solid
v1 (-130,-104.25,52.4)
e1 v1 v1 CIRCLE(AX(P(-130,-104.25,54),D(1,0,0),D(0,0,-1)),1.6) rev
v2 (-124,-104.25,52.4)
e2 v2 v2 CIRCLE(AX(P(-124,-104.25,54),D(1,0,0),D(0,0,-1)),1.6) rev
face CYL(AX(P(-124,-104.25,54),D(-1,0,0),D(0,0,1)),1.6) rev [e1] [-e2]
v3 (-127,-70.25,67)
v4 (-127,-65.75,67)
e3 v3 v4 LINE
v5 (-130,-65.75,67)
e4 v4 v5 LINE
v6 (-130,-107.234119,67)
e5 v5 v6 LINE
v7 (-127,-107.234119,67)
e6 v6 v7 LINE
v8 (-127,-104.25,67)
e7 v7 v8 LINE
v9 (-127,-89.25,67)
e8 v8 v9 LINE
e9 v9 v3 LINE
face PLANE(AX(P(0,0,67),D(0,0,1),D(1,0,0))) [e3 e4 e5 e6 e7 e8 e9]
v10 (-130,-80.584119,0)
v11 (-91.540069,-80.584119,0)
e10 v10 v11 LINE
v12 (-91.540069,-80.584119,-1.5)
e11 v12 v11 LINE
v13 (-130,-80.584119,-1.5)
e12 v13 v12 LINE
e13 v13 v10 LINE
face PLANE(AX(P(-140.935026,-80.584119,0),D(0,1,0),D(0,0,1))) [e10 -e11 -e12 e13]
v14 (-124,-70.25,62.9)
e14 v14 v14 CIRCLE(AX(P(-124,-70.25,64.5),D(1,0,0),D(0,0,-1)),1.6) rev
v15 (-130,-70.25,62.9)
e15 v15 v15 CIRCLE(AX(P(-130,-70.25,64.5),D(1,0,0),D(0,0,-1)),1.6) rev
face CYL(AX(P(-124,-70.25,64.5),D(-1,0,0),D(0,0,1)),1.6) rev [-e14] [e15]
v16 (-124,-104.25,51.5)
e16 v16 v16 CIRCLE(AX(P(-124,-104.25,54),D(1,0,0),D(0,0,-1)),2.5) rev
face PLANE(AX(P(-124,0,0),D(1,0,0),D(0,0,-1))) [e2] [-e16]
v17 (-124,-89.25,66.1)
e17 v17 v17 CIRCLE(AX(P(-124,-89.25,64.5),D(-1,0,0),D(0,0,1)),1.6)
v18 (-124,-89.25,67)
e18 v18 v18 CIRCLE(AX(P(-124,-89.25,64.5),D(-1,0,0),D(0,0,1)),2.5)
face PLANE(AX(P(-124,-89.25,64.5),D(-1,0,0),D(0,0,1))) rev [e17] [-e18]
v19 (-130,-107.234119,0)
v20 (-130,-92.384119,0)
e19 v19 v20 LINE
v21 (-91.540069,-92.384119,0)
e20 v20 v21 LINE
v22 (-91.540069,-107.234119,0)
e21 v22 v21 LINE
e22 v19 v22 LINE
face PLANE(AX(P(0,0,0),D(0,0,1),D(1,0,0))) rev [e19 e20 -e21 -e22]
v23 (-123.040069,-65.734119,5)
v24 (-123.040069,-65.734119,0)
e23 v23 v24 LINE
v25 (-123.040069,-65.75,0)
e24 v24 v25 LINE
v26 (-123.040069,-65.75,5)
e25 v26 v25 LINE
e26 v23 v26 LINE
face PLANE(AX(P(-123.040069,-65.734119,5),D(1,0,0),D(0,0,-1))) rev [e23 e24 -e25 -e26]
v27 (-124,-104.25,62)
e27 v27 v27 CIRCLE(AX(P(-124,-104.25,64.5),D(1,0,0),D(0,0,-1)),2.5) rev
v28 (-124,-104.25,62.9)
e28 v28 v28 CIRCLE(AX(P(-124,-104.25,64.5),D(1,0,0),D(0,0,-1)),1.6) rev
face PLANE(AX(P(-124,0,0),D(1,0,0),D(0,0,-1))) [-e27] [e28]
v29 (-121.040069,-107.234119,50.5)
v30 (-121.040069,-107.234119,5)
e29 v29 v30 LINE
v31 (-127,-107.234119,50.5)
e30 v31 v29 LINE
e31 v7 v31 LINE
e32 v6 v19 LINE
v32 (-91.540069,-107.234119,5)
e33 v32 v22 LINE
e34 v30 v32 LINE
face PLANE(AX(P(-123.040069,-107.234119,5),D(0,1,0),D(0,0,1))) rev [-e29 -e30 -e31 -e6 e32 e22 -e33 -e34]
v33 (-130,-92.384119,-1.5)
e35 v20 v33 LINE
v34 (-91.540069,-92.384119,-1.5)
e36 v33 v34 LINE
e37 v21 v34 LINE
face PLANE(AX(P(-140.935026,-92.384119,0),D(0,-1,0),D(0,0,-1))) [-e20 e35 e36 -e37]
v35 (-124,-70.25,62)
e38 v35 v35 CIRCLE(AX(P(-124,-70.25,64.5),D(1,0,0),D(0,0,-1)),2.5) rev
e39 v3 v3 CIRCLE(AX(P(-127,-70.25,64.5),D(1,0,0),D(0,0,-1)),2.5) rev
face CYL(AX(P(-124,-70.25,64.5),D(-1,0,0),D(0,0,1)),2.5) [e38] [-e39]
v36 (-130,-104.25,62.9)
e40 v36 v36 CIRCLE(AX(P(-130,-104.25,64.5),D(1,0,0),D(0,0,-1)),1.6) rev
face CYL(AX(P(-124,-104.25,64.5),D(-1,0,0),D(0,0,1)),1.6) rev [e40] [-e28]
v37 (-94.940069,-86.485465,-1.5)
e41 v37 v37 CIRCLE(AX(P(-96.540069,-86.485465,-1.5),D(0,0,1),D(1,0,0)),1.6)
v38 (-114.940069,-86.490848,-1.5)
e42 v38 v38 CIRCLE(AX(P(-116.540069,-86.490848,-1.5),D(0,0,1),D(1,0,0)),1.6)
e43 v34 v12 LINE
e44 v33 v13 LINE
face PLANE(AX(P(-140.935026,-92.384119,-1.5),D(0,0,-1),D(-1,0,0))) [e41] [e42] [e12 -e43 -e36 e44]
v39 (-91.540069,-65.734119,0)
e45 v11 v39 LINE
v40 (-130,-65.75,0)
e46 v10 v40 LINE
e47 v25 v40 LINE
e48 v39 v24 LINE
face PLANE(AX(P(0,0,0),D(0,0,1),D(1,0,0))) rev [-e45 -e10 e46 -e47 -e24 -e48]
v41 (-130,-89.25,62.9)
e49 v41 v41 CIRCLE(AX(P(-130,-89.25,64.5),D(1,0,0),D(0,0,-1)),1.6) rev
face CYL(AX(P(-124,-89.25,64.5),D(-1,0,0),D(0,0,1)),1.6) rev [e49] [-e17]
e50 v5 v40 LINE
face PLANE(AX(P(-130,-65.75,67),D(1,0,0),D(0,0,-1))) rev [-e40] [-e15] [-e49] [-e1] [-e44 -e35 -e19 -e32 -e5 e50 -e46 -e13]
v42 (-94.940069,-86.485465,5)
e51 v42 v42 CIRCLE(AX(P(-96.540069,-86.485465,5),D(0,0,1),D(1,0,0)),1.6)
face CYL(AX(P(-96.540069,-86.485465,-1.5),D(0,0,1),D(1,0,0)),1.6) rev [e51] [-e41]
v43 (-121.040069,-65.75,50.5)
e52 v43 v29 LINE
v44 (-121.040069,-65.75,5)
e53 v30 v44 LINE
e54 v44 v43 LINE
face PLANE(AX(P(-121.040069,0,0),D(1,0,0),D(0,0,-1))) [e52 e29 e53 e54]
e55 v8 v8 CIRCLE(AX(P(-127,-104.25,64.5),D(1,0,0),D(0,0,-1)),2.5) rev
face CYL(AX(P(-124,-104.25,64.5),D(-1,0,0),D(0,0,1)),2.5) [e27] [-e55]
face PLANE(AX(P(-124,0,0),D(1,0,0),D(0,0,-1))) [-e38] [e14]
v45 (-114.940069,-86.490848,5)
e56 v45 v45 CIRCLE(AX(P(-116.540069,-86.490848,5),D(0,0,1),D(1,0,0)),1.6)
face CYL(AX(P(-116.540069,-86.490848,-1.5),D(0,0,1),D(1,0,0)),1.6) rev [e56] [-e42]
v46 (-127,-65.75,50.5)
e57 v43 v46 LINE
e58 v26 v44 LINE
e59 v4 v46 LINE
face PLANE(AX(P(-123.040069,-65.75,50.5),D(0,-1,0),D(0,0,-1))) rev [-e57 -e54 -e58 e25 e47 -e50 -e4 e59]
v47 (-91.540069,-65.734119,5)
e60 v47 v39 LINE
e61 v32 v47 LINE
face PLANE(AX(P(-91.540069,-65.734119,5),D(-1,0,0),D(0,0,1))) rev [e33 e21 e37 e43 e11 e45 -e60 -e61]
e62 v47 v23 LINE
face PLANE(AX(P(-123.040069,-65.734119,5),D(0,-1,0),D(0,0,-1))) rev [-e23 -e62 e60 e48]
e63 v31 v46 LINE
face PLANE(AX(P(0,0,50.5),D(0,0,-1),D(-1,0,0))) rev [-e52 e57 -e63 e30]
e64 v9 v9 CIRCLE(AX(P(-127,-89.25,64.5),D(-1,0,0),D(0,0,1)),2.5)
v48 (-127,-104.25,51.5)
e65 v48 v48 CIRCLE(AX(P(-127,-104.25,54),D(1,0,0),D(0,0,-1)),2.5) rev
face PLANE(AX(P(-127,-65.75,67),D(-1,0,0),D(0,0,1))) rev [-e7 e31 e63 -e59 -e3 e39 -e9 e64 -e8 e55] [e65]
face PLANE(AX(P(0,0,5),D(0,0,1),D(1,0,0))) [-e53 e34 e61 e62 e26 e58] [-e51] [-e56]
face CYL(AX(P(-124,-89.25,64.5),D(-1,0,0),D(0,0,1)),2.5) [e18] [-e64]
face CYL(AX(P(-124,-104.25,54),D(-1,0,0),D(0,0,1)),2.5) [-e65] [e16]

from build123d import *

# Parameters (mm, degrees)
SKETCH1_W               = 31.5
SKETCH1_H               = 41.5
BOSS_EXTRUDE1_DEPTH     = 5
SKETCH3_W               = 6
SKETCH3_H               = 41.48411863
BOSS_EXTRUDE3_DEPTH     = 50.5
SKETCH5_W               = 3
SKETCH5_H               = 41.48411863
BOSS_EXTRUDE4_DEPTH     = 16.5
SKETCH6_W               = 50.5
SKETCH6_H               = 41.48411863
BOSS_EXTRUDE6_DEPTH     = 2
SKETCH4_R               = 2.5
SKETCH4_R_2             = 1.6
BOSS_EXTRUDE7_DEPTH     = 3
SKETCH4_6_R             = 1.6
CUT_EXTRUDE1_DEPTH      = 4
CUT_EXTRUDE1_DEPTH_BACK = 36.459931403
SKETCH7_W               = 1.5
SKETCH7_H               = 11.8
BOSS_EXTRUDE8_DEPTH     = 37.5
SKETCH8_R               = 1.6
CUT_EXTRUDE2_DEPTH      = 7.5
BOSS_EXTRUDE9_DEPTH     = 0.959931


with BuildPart() as part:
    # Sketch1 → Boss-Extrude1 (new body)
    with BuildSketch(Plane.XY):
        with Locations((-107.290068597, -86.48411863)):
            Rectangle(SKETCH1_W, SKETCH1_H)
    extrude(amount=BOSS_EXTRUDE1_DEPTH)

    # Sketch3 → Boss-Extrude3 (add)
    with BuildSketch(Plane.XY):
        with Locations((-126.040068597, -86.492059315)):
            Rectangle(SKETCH3_W, SKETCH3_H)
    extrude(amount=BOSS_EXTRUDE3_DEPTH)

    # Sketch5 → Boss-Extrude4 (add)
    with BuildSketch(Plane.XY.offset(50.5)):
        with Locations((-128.5, -86.492059315)):
            Rectangle(SKETCH5_W, SKETCH5_H)
    extrude(amount=BOSS_EXTRUDE4_DEPTH)

    # Sketch6 → Boss-Extrude6 (add)
    with BuildSketch(Plane(origin=(-123.040068597, 0, 0), x_dir=(0, 0, -1), z_dir=(1, 0, 0))):
        with Locations((-25.25, -86.492059315)):
            Rectangle(SKETCH6_W, SKETCH6_H)
    extrude(amount=BOSS_EXTRUDE6_DEPTH)

    # Sketch4 → Boss-Extrude7 (add)
    with BuildSketch(Plane.ZY.offset(127)):
        with Locations((54, -104.25)):
            Circle(SKETCH4_R)
        with Locations((54, -104.25)):
            Circle(SKETCH4_R_2, mode=Mode.SUBTRACT)
        with Locations((64.5, -104.25)):
            Circle(SKETCH4_R)
        with Locations((64.5, -104.25)):
            Circle(SKETCH4_R_2, mode=Mode.SUBTRACT)
        with Locations((64.5, -89.25)):
            Circle(SKETCH4_R)
        with Locations((64.5, -89.25)):
            Circle(SKETCH4_R_2, mode=Mode.SUBTRACT)
        with Locations((64.5, -70.25)):
            Circle(SKETCH4_R)
        with Locations((64.5, -70.25)):
            Circle(SKETCH4_R_2, mode=Mode.SUBTRACT)
    extrude(amount=-BOSS_EXTRUDE7_DEPTH)

    # Sketch4<6> → Cut-Extrude1 (cut, two sides)
    with BuildSketch(Plane.ZY.offset(127)) as cut_extrude1_sk:
        with Locations((64.5, -104.25)):
            Circle(SKETCH4_6_R)
        with Locations((64.5, -89.25)):
            Circle(SKETCH4_6_R)
        with Locations((64.5, -70.25)):
            Circle(SKETCH4_6_R)
        with Locations((54, -104.25)):
            Circle(SKETCH4_6_R)
    extrude(amount=CUT_EXTRUDE1_DEPTH, mode=Mode.SUBTRACT)
    extrude(cut_extrude1_sk.sketch, amount=-CUT_EXTRUDE1_DEPTH_BACK, mode=Mode.SUBTRACT)

    # Sketch7 → Boss-Extrude8 (add)
    with BuildSketch(Plane(origin=(-91.540068597, 0, 0), x_dir=(0, 0, -1), z_dir=(1, 0, 0))):
        with Locations((0.75, -86.48411863)):
            Rectangle(SKETCH7_W, SKETCH7_H)
    extrude(amount=-BOSS_EXTRUDE8_DEPTH)

    # Sketch8 → Cut-Extrude2 (cut, through all)
    with BuildSketch(Plane.XY.offset(5)):
        with Locations((-116.540068597, -86.490848024)):
            Circle(SKETCH8_R)
        with Locations((-96.540068597, -86.485464509)):
            Circle(SKETCH8_R)
    extrude(amount=-CUT_EXTRUDE2_DEPTH, mode=Mode.SUBTRACT)

    # Sketch9 → Boss-Extrude9 (add)
    with BuildSketch(Plane.ZY.offset(129.040068597)):
        Polygon((50.5, -65.75), (0, -65.75), (0, -80.58411863), (-1.5, -80.58411863), (-1.5, -92.38411863), (0, -92.38411863), (0, -107.23411863), (50.5, -107.23411863), align=None)
    extrude(amount=BOSS_EXTRUDE9_DEPTH)


solid = part.part
